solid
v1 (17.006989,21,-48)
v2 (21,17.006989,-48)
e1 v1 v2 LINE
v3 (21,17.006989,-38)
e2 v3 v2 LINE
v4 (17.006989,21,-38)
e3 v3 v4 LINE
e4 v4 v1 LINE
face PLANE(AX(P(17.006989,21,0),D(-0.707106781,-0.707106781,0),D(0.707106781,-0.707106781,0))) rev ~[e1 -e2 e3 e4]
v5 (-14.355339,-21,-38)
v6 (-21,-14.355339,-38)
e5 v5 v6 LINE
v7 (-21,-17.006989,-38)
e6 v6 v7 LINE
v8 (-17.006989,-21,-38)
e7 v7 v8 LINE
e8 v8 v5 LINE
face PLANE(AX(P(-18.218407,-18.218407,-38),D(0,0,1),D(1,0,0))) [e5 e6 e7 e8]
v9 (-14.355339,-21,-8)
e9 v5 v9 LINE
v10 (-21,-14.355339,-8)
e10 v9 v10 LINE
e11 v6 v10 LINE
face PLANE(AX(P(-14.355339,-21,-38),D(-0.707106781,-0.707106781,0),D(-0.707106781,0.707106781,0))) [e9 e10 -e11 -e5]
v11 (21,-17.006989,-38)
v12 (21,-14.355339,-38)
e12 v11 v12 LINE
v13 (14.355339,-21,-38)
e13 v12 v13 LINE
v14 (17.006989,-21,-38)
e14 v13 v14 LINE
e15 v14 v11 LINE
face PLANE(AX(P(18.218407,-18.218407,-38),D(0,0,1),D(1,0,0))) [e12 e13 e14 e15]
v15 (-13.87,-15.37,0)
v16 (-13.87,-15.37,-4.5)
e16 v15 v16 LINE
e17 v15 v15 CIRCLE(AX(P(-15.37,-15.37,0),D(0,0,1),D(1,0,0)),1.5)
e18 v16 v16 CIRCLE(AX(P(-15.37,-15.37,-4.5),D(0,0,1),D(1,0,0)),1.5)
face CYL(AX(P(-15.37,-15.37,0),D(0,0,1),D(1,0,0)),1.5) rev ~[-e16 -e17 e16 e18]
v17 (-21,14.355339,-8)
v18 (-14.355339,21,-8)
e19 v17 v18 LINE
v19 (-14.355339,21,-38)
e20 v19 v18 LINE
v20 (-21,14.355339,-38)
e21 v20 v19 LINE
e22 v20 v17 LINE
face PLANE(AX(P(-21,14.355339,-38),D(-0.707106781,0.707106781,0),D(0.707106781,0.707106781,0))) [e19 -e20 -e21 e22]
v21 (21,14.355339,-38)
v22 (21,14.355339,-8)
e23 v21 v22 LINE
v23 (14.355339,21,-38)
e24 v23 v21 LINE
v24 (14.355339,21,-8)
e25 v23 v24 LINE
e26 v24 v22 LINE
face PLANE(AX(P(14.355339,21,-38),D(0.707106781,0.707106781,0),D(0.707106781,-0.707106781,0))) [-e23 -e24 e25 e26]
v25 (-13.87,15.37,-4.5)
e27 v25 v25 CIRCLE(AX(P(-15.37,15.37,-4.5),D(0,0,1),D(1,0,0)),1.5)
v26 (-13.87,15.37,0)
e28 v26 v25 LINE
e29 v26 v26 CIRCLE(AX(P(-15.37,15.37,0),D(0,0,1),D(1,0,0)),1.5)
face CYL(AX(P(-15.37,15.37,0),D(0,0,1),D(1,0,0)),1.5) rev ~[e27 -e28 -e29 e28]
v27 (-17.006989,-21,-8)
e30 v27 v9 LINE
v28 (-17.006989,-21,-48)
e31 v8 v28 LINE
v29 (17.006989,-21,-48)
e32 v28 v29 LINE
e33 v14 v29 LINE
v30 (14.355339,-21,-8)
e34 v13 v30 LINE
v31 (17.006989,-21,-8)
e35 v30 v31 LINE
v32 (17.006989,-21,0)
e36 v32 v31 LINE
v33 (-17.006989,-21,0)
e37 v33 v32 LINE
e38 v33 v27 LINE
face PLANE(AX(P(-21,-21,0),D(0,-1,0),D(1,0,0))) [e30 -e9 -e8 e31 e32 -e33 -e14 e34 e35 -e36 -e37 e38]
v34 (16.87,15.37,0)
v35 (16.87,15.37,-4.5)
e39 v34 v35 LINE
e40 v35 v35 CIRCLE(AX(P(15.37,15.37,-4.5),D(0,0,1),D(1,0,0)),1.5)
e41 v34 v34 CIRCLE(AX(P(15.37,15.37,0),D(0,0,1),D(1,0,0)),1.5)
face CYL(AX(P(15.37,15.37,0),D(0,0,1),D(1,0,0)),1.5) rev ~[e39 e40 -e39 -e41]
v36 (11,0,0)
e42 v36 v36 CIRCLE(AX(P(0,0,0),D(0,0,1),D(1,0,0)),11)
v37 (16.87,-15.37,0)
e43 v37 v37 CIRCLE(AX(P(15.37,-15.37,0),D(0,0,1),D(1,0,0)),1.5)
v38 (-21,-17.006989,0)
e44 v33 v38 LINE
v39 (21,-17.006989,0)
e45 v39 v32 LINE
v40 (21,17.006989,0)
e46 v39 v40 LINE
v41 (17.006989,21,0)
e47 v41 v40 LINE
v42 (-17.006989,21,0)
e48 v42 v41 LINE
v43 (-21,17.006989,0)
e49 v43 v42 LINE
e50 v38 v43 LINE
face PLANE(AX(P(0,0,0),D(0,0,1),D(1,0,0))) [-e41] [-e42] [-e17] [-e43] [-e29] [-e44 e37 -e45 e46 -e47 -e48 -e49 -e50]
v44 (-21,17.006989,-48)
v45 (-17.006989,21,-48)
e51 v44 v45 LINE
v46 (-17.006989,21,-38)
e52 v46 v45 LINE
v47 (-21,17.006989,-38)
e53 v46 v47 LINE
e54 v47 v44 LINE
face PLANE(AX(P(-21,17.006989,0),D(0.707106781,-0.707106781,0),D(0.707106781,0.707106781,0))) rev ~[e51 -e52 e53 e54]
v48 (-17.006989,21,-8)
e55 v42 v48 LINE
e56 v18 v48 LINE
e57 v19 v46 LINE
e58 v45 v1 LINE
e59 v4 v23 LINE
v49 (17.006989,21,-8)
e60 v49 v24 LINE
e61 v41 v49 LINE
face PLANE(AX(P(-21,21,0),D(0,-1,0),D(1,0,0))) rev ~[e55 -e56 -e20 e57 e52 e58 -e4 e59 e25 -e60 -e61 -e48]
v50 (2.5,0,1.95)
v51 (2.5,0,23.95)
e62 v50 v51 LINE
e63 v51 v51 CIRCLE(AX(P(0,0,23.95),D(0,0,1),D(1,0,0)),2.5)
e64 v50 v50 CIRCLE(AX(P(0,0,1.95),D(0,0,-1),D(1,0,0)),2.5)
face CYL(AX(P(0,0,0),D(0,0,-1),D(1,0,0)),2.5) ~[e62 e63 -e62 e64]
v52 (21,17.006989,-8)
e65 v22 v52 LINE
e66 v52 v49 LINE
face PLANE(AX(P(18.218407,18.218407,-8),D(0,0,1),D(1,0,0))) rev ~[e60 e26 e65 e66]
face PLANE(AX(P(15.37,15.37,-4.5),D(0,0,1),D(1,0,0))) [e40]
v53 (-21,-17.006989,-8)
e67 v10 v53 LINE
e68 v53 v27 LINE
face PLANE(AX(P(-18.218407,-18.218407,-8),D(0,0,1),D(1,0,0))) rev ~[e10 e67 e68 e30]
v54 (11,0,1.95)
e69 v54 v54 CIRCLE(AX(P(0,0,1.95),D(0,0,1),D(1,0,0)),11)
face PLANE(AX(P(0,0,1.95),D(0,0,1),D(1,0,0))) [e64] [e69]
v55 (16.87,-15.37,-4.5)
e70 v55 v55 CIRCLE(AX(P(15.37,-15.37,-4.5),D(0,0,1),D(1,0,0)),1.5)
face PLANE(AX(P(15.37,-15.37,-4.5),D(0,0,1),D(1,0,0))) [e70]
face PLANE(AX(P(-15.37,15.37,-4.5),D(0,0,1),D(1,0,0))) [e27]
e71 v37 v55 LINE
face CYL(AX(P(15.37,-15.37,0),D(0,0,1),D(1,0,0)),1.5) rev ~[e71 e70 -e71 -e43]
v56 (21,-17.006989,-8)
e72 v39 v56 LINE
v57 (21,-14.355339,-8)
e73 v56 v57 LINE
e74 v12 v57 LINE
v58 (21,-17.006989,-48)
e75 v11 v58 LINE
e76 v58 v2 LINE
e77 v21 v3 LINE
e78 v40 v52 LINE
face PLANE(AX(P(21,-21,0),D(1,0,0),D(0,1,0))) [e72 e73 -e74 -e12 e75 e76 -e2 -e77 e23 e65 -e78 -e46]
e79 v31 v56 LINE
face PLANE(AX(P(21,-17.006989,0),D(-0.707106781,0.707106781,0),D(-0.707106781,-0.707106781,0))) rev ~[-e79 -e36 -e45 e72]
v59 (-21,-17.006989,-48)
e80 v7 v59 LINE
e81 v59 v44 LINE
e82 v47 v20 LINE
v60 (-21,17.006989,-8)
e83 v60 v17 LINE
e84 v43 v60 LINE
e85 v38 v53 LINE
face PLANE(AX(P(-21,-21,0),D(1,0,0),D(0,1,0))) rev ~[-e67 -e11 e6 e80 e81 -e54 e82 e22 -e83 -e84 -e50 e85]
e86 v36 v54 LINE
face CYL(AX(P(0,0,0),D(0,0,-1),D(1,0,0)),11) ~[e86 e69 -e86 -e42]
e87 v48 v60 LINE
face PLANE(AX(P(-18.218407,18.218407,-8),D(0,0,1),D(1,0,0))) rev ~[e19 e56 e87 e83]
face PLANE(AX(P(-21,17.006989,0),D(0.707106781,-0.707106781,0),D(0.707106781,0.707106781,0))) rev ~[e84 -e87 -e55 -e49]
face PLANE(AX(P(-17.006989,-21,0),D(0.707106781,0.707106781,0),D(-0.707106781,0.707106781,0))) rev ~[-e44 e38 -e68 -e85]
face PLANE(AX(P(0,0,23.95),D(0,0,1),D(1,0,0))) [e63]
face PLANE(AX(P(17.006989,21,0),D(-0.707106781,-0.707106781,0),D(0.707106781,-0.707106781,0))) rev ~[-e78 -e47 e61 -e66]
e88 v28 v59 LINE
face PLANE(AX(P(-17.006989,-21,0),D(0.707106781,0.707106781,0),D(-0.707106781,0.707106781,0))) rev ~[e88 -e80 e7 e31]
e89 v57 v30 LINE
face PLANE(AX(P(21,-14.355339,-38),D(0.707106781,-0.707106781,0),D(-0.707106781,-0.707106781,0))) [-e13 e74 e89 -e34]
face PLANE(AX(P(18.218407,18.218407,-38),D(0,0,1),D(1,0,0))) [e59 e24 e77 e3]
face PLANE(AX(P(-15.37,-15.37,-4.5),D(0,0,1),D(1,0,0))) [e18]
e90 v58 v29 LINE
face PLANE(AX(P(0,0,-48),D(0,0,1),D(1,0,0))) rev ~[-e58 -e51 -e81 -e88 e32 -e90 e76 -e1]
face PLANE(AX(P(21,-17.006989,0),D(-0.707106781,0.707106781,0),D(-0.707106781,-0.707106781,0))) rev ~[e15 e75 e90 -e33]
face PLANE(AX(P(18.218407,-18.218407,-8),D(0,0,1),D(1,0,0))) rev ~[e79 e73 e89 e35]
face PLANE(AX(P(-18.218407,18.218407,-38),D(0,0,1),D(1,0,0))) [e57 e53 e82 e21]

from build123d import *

# Parameters (mm, degrees)
F0_W      = 42
F0_H      = 42
F0_R      = 1.5
F0_R_2    = 11
F0_R_3    = 2.5
F1_DEPTH  = 48
F2_DEPTH  = 1.95
F4_DEPTH  = 23.95
F6_DEPTH  = 48.001
F10_DEPTH = 30
F12_R     = 1.5
F13_DEPTH = 43.5


with BuildPart() as f1:
    # F0 (on Top) → F1 (new body)
    with BuildSketch(Plane.XY):
        Rectangle(F0_W, F0_H)
        with Locations((-15.37, -15.37)):
            Circle(F0_R, mode=Mode.SUBTRACT)
        with Locations((15.37, -15.37)):
            Circle(F0_R, mode=Mode.SUBTRACT)
        with Locations((-15.37, 15.37)):
            Circle(F0_R, mode=Mode.SUBTRACT)
        Circle(F0_R_2, mode=Mode.SUBTRACT)
        with Locations((15.37, 15.37)):
            Circle(F0_R, mode=Mode.SUBTRACT)
        Circle(F0_R_2)
        Circle(F0_R_3, mode=Mode.SUBTRACT)
        Circle(F0_R_3)
    extrude(amount=-F1_DEPTH)

    # F0 (on Top) → F2 (join)
    with BuildSketch(Plane.XY):
        Circle(F0_R_2)
        Circle(F0_R_3, mode=Mode.SUBTRACT)
        Circle(F0_R_3)
    extrude(amount=F2_DEPTH)

    # F0 (on Top) → F4 (join, through all)
    with BuildSketch(Plane.XY):
        Circle(F0_R_3)
    extrude(amount=F4_DEPTH)

    # F5 (on face) → F6 (cut, through all)
    with BuildSketch(Plane.XY):
        Polygon((-21, 17.0069894888), (-17.0069894888, 21), (-21, 21), align=None)
        Polygon((-21, -21), (-17.0069894888, -21), (-21, -17.0069894888), align=None)
        Polygon((17.0069894888, 21), (21, 17.0069894888), (21, 21), align=None)
        Polygon((21, -21), (21, -17.0069894888), (17.0069894888, -21), align=None)
    extrude(amount=-F6_DEPTH, mode=Mode.SUBTRACT)

    # F9 (on offset) → F10 (cut, through all)
    with BuildSketch(Plane.XY.offset(-38)):
        Polygon((21, -14.3553390593), (14.3553390593, -21), (17.0069894888, -21), (21, -17.0069894888), align=None)
        Polygon((-21, 17.0069894888), (-21, 14.3553390593), (-14.3553390593, 21), (-17.0069894888, 21), align=None)
        Polygon((-17.0069894888, -21), (-14.3553390593, -21), (-21, -14.3553390593), (-21, -17.0069894888), align=None)
        Polygon((14.3553390593, 21), (21, 14.3553390593), (21, 17.0069894888), (17.0069894888, 21), align=None)
    extrude(amount=F10_DEPTH, mode=Mode.SUBTRACT)

    # F12 (on offset) → F13 (join, through all)
    with BuildSketch(Plane.XY.offset(-4.5)):
        with Locations((-15.37, 15.37)):
            Circle(F12_R)
        with Locations((15.37, 15.37)):
            Circle(F12_R)
        with Locations((15.37, -15.37)):
            Circle(F12_R)
        with Locations((-15.37, -15.37)):
            Circle(F12_R)
    extrude(amount=-F13_DEPTH)


solid = f1.part
